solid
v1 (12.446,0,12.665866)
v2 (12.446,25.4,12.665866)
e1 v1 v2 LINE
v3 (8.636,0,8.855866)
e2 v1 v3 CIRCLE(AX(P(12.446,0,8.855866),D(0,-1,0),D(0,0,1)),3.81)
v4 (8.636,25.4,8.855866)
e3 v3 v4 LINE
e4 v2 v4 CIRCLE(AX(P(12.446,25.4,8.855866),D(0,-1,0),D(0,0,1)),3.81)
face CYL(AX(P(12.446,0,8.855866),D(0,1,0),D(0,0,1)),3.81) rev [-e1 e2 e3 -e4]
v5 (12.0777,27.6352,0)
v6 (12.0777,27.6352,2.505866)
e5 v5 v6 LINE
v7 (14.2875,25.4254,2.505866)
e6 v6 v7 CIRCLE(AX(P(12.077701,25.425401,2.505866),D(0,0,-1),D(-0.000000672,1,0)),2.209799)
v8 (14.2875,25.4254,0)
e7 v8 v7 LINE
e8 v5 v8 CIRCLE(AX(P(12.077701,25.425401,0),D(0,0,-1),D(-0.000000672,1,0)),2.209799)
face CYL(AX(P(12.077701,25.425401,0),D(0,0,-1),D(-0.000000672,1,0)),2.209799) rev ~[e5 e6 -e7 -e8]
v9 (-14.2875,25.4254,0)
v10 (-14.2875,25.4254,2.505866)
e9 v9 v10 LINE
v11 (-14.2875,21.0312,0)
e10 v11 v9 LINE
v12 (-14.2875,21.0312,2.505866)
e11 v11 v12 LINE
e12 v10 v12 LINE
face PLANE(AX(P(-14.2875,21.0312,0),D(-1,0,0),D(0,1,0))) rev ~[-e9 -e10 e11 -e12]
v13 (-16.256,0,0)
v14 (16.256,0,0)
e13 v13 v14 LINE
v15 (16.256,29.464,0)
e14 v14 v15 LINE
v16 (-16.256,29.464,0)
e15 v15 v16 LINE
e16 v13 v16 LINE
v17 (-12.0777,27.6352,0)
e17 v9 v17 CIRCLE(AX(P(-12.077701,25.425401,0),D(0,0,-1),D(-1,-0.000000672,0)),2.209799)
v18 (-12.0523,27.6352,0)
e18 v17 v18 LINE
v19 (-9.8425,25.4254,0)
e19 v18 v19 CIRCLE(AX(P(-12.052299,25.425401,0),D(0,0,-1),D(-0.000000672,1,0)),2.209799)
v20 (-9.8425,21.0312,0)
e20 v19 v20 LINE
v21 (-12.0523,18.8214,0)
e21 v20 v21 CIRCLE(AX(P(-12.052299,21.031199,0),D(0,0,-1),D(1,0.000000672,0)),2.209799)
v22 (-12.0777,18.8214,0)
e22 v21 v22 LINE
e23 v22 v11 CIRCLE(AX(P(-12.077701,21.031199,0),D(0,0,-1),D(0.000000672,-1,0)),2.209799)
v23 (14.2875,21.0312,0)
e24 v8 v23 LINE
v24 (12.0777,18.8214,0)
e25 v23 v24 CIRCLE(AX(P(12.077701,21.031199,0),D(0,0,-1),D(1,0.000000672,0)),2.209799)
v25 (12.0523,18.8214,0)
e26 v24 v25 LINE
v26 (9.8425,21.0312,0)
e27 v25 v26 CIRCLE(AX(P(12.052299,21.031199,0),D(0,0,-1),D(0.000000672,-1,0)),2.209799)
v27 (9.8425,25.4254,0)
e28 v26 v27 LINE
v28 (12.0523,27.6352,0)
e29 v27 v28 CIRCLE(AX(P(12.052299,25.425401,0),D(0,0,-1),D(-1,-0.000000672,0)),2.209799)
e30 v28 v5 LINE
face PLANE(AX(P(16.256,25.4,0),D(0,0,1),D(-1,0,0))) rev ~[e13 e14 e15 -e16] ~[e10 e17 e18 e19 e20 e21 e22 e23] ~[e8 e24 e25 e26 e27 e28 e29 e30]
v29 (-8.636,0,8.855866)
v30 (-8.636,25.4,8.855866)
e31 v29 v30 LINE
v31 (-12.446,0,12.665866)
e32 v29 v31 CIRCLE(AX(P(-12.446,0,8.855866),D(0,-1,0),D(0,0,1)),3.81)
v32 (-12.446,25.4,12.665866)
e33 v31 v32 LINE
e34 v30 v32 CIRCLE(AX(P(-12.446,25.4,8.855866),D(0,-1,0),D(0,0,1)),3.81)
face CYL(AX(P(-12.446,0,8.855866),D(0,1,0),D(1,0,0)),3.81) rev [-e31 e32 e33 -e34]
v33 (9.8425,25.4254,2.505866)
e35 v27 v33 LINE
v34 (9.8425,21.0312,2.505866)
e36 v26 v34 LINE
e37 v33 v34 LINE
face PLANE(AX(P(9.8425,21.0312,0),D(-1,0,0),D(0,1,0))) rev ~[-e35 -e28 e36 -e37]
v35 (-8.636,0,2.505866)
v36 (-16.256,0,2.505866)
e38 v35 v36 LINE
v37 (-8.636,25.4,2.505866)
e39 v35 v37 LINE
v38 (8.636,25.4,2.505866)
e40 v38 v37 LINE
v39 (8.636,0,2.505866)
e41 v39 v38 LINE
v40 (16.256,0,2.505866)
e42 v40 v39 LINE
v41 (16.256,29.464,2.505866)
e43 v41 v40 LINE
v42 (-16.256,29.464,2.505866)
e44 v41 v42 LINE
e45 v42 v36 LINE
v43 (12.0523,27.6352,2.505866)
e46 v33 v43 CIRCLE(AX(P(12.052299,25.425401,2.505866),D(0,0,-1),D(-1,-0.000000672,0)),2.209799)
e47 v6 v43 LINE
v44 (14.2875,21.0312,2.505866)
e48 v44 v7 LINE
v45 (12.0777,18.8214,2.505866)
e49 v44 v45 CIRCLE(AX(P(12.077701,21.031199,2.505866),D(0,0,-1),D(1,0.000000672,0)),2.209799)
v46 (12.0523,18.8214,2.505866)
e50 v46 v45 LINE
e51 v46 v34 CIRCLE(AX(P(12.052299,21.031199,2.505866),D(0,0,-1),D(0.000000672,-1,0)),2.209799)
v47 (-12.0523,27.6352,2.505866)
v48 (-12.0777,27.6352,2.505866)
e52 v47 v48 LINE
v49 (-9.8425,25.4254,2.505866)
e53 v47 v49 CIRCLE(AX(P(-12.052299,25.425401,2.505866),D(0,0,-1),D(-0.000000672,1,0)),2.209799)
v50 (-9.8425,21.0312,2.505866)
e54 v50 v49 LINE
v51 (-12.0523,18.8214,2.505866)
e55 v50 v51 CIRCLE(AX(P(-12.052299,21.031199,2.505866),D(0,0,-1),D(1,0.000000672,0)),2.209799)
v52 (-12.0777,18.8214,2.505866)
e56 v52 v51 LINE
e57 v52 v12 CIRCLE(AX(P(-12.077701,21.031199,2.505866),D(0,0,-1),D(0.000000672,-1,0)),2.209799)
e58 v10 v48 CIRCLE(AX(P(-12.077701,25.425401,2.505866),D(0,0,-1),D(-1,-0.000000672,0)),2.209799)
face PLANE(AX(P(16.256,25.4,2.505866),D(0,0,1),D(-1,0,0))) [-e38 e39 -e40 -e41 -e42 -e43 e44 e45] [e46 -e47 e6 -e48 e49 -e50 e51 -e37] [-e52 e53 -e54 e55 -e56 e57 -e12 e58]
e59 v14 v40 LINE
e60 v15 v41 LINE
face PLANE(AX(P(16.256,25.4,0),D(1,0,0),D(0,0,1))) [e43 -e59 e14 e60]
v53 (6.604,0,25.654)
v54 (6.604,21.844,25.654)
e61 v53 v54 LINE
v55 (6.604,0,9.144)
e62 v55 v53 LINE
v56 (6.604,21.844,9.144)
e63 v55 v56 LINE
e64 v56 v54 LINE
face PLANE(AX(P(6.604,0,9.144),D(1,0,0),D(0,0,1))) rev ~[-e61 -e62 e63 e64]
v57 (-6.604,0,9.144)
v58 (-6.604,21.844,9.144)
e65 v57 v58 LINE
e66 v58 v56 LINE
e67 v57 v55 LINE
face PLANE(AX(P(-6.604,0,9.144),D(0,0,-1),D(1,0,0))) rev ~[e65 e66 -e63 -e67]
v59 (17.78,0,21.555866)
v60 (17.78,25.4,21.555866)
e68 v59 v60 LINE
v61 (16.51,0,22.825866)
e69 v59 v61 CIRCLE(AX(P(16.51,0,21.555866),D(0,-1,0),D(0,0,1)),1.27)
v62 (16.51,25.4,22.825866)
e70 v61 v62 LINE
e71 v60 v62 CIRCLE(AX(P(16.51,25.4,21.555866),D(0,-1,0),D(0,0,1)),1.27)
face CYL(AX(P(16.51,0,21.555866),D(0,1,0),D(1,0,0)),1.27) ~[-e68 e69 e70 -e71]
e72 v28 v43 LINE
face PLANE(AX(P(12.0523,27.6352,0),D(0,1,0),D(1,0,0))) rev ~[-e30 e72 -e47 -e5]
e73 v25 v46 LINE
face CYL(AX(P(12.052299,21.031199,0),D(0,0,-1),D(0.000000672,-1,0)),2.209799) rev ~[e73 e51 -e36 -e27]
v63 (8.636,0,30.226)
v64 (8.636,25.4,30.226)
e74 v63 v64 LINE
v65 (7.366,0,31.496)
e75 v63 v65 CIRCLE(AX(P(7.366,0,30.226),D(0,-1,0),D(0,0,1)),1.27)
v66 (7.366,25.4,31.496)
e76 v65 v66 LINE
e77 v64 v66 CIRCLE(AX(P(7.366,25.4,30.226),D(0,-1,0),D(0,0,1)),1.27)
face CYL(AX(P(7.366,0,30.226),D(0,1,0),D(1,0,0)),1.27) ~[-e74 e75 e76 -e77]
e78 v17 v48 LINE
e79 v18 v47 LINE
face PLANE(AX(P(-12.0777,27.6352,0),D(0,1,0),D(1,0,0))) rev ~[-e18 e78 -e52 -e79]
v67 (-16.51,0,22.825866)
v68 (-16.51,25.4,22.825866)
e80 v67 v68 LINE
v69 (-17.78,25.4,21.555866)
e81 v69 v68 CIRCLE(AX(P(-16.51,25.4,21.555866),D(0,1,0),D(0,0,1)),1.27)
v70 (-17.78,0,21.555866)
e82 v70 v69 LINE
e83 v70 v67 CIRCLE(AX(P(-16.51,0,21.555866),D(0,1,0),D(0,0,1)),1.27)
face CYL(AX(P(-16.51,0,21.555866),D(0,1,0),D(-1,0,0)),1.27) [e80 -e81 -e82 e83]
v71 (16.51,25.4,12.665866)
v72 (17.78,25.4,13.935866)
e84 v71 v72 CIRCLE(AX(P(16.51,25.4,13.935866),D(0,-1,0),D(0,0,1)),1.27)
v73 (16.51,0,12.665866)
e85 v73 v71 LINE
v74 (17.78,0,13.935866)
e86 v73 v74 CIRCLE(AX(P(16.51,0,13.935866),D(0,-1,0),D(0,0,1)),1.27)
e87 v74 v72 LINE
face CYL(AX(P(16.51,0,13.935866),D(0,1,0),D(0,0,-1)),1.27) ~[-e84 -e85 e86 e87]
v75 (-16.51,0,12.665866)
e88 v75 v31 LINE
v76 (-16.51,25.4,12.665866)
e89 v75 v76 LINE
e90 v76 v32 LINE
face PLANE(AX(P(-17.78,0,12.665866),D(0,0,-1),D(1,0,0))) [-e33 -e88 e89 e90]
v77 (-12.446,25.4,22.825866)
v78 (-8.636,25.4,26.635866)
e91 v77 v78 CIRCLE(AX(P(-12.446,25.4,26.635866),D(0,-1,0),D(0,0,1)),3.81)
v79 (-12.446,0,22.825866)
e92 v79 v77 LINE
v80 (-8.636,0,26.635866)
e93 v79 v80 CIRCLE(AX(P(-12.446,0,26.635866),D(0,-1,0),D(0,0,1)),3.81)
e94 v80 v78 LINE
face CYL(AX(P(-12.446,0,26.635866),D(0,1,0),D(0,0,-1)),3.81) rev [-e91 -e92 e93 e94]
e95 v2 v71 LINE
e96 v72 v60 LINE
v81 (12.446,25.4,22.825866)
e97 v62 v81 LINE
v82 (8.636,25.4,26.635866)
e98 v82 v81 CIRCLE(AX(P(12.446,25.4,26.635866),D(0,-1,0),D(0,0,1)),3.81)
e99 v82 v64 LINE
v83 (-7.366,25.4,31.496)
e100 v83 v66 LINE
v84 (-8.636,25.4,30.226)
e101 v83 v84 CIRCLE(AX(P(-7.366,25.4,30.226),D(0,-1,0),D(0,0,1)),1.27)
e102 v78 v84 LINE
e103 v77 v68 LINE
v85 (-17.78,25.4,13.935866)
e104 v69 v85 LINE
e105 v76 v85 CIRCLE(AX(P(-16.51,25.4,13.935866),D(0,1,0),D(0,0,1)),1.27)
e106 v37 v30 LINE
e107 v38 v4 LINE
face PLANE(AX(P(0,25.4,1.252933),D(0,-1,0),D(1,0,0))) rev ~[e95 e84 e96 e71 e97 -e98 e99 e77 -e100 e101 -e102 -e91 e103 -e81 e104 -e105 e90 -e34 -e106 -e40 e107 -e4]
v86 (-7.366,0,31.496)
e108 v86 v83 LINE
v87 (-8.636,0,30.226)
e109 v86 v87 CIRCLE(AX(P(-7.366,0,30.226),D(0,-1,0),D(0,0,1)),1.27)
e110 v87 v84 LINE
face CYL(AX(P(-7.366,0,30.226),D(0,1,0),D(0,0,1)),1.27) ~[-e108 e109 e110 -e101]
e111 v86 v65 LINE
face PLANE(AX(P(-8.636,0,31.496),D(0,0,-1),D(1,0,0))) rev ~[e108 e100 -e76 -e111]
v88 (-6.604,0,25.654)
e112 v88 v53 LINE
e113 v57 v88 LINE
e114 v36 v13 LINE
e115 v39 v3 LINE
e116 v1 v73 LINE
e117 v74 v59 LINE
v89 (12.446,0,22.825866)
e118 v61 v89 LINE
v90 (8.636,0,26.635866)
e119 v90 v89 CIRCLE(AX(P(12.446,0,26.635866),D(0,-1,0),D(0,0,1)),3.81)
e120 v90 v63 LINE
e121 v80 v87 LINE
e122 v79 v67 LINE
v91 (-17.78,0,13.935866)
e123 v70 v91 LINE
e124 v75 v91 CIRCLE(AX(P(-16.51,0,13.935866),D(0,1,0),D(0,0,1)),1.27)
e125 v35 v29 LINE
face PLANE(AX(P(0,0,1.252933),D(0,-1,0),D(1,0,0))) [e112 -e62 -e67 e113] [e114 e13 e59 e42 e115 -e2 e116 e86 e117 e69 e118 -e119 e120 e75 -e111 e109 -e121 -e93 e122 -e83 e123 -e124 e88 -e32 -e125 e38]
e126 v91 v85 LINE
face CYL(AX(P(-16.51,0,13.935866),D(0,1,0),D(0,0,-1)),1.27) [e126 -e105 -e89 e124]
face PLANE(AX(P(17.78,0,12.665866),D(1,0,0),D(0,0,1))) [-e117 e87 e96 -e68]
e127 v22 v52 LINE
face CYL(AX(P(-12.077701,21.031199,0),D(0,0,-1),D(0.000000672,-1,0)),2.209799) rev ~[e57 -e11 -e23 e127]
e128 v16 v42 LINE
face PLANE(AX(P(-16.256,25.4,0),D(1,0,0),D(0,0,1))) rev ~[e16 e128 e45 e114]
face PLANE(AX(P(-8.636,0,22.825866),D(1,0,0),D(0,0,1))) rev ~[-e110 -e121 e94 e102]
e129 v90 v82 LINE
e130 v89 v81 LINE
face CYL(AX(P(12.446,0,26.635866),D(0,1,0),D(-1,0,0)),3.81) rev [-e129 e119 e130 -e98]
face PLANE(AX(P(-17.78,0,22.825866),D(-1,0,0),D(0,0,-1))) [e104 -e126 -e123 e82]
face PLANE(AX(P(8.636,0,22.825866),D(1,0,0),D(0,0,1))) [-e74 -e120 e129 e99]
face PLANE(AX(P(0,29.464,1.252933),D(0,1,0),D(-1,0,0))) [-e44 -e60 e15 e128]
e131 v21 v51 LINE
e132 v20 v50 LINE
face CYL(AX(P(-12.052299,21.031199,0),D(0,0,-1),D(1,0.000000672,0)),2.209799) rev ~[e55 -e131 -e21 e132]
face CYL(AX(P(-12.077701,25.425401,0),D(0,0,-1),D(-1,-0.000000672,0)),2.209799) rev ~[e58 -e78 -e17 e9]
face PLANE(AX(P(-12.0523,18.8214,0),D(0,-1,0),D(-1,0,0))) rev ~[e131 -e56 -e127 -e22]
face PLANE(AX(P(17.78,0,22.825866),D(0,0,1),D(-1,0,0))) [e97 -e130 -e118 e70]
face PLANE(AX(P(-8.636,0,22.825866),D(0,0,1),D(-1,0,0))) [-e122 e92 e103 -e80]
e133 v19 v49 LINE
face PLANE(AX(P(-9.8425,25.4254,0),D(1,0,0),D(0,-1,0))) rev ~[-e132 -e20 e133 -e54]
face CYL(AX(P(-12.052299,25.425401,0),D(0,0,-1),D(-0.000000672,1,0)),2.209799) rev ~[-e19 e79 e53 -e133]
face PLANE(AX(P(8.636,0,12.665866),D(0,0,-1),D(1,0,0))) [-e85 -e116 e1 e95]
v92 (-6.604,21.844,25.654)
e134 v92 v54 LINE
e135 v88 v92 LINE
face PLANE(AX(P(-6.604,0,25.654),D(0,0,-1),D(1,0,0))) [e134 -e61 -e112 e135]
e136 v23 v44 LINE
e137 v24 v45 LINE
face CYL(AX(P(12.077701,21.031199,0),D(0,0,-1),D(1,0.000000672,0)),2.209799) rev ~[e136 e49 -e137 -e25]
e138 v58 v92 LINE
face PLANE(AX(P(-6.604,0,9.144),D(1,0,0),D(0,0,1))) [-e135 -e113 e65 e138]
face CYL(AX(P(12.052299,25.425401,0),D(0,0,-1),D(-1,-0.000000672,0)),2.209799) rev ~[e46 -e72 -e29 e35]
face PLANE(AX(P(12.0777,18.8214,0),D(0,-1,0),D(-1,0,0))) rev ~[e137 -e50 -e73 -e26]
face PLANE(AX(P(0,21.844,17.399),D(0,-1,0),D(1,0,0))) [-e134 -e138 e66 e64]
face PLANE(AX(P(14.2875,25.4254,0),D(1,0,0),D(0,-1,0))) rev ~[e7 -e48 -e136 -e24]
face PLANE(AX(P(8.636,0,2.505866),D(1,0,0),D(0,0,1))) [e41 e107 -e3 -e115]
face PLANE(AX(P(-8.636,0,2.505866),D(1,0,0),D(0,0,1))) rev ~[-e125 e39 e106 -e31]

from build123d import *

# Parameters (mm, degrees)
F0_W     = 17.272
F0_H     = 10.16
F0_H_2   = 8.670134
F1_DEPTH = 25.4
F2_W     = 32.512
F2_H     = 2.505866
F3_DEPTH = 4.064
F4_R     = 3.81
F5_R     = 1.27
F6_W     = 13.208
F6_H     = 16.51
F7_DEPTH = 21.844
F9_DEPTH = 5.08


with BuildPart() as f1:
    # F0 (on Front) → F1 (new body)
    with BuildSketch(Plane.XZ):
        Polygon((-16.256, 2.505866), (-16.256, 0), (16.256, 0), (16.256, 2.505866), (8.636, 2.505866), (-8.636, 2.505866), align=None)
        with Locations((0, 7.585866)):
            Rectangle(F0_W, F0_H)
        Polygon((-17.78, 12.665866), (-8.636, 12.665866), (8.636, 12.665866), (17.78, 12.665866), (17.78, 22.825866), (8.636, 22.825866), (-8.636, 22.825866), (-17.78, 22.825866), align=None)
        with Locations((0, 27.160933)):
            Rectangle(F0_W, F0_H_2)
    extrude(amount=-F1_DEPTH)

    # F2 (on face) → F3 (join)
    with BuildSketch(Plane(origin=(0, 25.4, 0), x_dir=(-1, 0, 0), z_dir=(0, 1, 0))):
        with Locations((0, 1.252933)):
            Rectangle(F2_W, F2_H)
    extrude(amount=F3_DEPTH)

    # F4
    f4_edges = [f1.edges().sort_by_distance(p)[0] for p in [
        (-8.636, 12.7, 22.825866),
        (-8.636, 12.7, 12.665866),
        (8.636, 12.7, 12.665866),
        (8.636, 12.7, 22.825866),
    ]]
    fillet(f4_edges, radius=F4_R)

    # F5
    f5_edges = [f1.edges().sort_by_distance(p)[0] for p in [
        (-8.636, 12.7, 31.496),
        (8.636, 12.7, 31.496),
        (17.78, 12.7, 22.825866),
        (17.78, 12.7, 12.665866),
        (-17.78, 12.7, 12.665866),
        (-17.78, 12.7, 22.825866),
    ]]
    fillet(f5_edges, radius=F5_R)

    # F6 (on face) → F7 (cut)
    with BuildSketch(Plane.XZ):
        with Locations((0, 17.399)):
            Rectangle(F6_W, F6_H)
    extrude(amount=-F7_DEPTH, mode=Mode.SUBTRACT)

    # F8 (on face) → F9 (cut)
    with BuildSketch(Plane(origin=(0, 0, 0), x_dir=(1, 0, 0), z_dir=(0, 0, -1))):
        with BuildLine():
            ThreePointArc((-14.2875, -25.4254), (-13.640265, -26.987965), (-12.0777, -27.6352))
            Line((-12.0777, -27.6352), (-12.0523, -27.6352))
            ThreePointArc((-12.0523, -27.6352), (-10.489735, -26.987965), (-9.8425, -25.4254))
            Line((-9.8425, -25.4254), (-9.8425, -21.0312))
            ThreePointArc((-9.8425, -21.0312), (-10.489735, -19.468635), (-12.0523, -18.8214))
            Line((-12.0523, -18.8214), (-12.0777, -18.8214))
            ThreePointArc((-12.0777, -18.8214), (-13.640265, -19.468635), (-14.2875, -21.0312))
            Line((-14.2875, -21.0312), (-14.2875, -25.4254))
        make_face()
        with BuildLine():
            Line((12.0777, -18.8214), (12.0523, -18.8214))
            ThreePointArc((12.0523, -18.8214), (10.489735, -19.468635), (9.8425, -21.0312))
            Line((9.8425, -21.0312), (9.8425, -25.4254))
            ThreePointArc((9.8425, -25.4254), (10.489735, -26.987965), (12.0523, -27.6352))
            Line((12.0523, -27.6352), (12.0777, -27.6352))
            ThreePointArc((12.0777, -27.6352), (13.640265, -26.987965), (14.2875, -25.4254))
            Line((14.2875, -25.4254), (14.2875, -21.0312))
            ThreePointArc((14.2875, -21.0312), (13.640265, -19.468635), (12.0777, -18.8214))
        make_face()
    extrude(amount=-F9_DEPTH, mode=Mode.SUBTRACT)


solid = f1.part
